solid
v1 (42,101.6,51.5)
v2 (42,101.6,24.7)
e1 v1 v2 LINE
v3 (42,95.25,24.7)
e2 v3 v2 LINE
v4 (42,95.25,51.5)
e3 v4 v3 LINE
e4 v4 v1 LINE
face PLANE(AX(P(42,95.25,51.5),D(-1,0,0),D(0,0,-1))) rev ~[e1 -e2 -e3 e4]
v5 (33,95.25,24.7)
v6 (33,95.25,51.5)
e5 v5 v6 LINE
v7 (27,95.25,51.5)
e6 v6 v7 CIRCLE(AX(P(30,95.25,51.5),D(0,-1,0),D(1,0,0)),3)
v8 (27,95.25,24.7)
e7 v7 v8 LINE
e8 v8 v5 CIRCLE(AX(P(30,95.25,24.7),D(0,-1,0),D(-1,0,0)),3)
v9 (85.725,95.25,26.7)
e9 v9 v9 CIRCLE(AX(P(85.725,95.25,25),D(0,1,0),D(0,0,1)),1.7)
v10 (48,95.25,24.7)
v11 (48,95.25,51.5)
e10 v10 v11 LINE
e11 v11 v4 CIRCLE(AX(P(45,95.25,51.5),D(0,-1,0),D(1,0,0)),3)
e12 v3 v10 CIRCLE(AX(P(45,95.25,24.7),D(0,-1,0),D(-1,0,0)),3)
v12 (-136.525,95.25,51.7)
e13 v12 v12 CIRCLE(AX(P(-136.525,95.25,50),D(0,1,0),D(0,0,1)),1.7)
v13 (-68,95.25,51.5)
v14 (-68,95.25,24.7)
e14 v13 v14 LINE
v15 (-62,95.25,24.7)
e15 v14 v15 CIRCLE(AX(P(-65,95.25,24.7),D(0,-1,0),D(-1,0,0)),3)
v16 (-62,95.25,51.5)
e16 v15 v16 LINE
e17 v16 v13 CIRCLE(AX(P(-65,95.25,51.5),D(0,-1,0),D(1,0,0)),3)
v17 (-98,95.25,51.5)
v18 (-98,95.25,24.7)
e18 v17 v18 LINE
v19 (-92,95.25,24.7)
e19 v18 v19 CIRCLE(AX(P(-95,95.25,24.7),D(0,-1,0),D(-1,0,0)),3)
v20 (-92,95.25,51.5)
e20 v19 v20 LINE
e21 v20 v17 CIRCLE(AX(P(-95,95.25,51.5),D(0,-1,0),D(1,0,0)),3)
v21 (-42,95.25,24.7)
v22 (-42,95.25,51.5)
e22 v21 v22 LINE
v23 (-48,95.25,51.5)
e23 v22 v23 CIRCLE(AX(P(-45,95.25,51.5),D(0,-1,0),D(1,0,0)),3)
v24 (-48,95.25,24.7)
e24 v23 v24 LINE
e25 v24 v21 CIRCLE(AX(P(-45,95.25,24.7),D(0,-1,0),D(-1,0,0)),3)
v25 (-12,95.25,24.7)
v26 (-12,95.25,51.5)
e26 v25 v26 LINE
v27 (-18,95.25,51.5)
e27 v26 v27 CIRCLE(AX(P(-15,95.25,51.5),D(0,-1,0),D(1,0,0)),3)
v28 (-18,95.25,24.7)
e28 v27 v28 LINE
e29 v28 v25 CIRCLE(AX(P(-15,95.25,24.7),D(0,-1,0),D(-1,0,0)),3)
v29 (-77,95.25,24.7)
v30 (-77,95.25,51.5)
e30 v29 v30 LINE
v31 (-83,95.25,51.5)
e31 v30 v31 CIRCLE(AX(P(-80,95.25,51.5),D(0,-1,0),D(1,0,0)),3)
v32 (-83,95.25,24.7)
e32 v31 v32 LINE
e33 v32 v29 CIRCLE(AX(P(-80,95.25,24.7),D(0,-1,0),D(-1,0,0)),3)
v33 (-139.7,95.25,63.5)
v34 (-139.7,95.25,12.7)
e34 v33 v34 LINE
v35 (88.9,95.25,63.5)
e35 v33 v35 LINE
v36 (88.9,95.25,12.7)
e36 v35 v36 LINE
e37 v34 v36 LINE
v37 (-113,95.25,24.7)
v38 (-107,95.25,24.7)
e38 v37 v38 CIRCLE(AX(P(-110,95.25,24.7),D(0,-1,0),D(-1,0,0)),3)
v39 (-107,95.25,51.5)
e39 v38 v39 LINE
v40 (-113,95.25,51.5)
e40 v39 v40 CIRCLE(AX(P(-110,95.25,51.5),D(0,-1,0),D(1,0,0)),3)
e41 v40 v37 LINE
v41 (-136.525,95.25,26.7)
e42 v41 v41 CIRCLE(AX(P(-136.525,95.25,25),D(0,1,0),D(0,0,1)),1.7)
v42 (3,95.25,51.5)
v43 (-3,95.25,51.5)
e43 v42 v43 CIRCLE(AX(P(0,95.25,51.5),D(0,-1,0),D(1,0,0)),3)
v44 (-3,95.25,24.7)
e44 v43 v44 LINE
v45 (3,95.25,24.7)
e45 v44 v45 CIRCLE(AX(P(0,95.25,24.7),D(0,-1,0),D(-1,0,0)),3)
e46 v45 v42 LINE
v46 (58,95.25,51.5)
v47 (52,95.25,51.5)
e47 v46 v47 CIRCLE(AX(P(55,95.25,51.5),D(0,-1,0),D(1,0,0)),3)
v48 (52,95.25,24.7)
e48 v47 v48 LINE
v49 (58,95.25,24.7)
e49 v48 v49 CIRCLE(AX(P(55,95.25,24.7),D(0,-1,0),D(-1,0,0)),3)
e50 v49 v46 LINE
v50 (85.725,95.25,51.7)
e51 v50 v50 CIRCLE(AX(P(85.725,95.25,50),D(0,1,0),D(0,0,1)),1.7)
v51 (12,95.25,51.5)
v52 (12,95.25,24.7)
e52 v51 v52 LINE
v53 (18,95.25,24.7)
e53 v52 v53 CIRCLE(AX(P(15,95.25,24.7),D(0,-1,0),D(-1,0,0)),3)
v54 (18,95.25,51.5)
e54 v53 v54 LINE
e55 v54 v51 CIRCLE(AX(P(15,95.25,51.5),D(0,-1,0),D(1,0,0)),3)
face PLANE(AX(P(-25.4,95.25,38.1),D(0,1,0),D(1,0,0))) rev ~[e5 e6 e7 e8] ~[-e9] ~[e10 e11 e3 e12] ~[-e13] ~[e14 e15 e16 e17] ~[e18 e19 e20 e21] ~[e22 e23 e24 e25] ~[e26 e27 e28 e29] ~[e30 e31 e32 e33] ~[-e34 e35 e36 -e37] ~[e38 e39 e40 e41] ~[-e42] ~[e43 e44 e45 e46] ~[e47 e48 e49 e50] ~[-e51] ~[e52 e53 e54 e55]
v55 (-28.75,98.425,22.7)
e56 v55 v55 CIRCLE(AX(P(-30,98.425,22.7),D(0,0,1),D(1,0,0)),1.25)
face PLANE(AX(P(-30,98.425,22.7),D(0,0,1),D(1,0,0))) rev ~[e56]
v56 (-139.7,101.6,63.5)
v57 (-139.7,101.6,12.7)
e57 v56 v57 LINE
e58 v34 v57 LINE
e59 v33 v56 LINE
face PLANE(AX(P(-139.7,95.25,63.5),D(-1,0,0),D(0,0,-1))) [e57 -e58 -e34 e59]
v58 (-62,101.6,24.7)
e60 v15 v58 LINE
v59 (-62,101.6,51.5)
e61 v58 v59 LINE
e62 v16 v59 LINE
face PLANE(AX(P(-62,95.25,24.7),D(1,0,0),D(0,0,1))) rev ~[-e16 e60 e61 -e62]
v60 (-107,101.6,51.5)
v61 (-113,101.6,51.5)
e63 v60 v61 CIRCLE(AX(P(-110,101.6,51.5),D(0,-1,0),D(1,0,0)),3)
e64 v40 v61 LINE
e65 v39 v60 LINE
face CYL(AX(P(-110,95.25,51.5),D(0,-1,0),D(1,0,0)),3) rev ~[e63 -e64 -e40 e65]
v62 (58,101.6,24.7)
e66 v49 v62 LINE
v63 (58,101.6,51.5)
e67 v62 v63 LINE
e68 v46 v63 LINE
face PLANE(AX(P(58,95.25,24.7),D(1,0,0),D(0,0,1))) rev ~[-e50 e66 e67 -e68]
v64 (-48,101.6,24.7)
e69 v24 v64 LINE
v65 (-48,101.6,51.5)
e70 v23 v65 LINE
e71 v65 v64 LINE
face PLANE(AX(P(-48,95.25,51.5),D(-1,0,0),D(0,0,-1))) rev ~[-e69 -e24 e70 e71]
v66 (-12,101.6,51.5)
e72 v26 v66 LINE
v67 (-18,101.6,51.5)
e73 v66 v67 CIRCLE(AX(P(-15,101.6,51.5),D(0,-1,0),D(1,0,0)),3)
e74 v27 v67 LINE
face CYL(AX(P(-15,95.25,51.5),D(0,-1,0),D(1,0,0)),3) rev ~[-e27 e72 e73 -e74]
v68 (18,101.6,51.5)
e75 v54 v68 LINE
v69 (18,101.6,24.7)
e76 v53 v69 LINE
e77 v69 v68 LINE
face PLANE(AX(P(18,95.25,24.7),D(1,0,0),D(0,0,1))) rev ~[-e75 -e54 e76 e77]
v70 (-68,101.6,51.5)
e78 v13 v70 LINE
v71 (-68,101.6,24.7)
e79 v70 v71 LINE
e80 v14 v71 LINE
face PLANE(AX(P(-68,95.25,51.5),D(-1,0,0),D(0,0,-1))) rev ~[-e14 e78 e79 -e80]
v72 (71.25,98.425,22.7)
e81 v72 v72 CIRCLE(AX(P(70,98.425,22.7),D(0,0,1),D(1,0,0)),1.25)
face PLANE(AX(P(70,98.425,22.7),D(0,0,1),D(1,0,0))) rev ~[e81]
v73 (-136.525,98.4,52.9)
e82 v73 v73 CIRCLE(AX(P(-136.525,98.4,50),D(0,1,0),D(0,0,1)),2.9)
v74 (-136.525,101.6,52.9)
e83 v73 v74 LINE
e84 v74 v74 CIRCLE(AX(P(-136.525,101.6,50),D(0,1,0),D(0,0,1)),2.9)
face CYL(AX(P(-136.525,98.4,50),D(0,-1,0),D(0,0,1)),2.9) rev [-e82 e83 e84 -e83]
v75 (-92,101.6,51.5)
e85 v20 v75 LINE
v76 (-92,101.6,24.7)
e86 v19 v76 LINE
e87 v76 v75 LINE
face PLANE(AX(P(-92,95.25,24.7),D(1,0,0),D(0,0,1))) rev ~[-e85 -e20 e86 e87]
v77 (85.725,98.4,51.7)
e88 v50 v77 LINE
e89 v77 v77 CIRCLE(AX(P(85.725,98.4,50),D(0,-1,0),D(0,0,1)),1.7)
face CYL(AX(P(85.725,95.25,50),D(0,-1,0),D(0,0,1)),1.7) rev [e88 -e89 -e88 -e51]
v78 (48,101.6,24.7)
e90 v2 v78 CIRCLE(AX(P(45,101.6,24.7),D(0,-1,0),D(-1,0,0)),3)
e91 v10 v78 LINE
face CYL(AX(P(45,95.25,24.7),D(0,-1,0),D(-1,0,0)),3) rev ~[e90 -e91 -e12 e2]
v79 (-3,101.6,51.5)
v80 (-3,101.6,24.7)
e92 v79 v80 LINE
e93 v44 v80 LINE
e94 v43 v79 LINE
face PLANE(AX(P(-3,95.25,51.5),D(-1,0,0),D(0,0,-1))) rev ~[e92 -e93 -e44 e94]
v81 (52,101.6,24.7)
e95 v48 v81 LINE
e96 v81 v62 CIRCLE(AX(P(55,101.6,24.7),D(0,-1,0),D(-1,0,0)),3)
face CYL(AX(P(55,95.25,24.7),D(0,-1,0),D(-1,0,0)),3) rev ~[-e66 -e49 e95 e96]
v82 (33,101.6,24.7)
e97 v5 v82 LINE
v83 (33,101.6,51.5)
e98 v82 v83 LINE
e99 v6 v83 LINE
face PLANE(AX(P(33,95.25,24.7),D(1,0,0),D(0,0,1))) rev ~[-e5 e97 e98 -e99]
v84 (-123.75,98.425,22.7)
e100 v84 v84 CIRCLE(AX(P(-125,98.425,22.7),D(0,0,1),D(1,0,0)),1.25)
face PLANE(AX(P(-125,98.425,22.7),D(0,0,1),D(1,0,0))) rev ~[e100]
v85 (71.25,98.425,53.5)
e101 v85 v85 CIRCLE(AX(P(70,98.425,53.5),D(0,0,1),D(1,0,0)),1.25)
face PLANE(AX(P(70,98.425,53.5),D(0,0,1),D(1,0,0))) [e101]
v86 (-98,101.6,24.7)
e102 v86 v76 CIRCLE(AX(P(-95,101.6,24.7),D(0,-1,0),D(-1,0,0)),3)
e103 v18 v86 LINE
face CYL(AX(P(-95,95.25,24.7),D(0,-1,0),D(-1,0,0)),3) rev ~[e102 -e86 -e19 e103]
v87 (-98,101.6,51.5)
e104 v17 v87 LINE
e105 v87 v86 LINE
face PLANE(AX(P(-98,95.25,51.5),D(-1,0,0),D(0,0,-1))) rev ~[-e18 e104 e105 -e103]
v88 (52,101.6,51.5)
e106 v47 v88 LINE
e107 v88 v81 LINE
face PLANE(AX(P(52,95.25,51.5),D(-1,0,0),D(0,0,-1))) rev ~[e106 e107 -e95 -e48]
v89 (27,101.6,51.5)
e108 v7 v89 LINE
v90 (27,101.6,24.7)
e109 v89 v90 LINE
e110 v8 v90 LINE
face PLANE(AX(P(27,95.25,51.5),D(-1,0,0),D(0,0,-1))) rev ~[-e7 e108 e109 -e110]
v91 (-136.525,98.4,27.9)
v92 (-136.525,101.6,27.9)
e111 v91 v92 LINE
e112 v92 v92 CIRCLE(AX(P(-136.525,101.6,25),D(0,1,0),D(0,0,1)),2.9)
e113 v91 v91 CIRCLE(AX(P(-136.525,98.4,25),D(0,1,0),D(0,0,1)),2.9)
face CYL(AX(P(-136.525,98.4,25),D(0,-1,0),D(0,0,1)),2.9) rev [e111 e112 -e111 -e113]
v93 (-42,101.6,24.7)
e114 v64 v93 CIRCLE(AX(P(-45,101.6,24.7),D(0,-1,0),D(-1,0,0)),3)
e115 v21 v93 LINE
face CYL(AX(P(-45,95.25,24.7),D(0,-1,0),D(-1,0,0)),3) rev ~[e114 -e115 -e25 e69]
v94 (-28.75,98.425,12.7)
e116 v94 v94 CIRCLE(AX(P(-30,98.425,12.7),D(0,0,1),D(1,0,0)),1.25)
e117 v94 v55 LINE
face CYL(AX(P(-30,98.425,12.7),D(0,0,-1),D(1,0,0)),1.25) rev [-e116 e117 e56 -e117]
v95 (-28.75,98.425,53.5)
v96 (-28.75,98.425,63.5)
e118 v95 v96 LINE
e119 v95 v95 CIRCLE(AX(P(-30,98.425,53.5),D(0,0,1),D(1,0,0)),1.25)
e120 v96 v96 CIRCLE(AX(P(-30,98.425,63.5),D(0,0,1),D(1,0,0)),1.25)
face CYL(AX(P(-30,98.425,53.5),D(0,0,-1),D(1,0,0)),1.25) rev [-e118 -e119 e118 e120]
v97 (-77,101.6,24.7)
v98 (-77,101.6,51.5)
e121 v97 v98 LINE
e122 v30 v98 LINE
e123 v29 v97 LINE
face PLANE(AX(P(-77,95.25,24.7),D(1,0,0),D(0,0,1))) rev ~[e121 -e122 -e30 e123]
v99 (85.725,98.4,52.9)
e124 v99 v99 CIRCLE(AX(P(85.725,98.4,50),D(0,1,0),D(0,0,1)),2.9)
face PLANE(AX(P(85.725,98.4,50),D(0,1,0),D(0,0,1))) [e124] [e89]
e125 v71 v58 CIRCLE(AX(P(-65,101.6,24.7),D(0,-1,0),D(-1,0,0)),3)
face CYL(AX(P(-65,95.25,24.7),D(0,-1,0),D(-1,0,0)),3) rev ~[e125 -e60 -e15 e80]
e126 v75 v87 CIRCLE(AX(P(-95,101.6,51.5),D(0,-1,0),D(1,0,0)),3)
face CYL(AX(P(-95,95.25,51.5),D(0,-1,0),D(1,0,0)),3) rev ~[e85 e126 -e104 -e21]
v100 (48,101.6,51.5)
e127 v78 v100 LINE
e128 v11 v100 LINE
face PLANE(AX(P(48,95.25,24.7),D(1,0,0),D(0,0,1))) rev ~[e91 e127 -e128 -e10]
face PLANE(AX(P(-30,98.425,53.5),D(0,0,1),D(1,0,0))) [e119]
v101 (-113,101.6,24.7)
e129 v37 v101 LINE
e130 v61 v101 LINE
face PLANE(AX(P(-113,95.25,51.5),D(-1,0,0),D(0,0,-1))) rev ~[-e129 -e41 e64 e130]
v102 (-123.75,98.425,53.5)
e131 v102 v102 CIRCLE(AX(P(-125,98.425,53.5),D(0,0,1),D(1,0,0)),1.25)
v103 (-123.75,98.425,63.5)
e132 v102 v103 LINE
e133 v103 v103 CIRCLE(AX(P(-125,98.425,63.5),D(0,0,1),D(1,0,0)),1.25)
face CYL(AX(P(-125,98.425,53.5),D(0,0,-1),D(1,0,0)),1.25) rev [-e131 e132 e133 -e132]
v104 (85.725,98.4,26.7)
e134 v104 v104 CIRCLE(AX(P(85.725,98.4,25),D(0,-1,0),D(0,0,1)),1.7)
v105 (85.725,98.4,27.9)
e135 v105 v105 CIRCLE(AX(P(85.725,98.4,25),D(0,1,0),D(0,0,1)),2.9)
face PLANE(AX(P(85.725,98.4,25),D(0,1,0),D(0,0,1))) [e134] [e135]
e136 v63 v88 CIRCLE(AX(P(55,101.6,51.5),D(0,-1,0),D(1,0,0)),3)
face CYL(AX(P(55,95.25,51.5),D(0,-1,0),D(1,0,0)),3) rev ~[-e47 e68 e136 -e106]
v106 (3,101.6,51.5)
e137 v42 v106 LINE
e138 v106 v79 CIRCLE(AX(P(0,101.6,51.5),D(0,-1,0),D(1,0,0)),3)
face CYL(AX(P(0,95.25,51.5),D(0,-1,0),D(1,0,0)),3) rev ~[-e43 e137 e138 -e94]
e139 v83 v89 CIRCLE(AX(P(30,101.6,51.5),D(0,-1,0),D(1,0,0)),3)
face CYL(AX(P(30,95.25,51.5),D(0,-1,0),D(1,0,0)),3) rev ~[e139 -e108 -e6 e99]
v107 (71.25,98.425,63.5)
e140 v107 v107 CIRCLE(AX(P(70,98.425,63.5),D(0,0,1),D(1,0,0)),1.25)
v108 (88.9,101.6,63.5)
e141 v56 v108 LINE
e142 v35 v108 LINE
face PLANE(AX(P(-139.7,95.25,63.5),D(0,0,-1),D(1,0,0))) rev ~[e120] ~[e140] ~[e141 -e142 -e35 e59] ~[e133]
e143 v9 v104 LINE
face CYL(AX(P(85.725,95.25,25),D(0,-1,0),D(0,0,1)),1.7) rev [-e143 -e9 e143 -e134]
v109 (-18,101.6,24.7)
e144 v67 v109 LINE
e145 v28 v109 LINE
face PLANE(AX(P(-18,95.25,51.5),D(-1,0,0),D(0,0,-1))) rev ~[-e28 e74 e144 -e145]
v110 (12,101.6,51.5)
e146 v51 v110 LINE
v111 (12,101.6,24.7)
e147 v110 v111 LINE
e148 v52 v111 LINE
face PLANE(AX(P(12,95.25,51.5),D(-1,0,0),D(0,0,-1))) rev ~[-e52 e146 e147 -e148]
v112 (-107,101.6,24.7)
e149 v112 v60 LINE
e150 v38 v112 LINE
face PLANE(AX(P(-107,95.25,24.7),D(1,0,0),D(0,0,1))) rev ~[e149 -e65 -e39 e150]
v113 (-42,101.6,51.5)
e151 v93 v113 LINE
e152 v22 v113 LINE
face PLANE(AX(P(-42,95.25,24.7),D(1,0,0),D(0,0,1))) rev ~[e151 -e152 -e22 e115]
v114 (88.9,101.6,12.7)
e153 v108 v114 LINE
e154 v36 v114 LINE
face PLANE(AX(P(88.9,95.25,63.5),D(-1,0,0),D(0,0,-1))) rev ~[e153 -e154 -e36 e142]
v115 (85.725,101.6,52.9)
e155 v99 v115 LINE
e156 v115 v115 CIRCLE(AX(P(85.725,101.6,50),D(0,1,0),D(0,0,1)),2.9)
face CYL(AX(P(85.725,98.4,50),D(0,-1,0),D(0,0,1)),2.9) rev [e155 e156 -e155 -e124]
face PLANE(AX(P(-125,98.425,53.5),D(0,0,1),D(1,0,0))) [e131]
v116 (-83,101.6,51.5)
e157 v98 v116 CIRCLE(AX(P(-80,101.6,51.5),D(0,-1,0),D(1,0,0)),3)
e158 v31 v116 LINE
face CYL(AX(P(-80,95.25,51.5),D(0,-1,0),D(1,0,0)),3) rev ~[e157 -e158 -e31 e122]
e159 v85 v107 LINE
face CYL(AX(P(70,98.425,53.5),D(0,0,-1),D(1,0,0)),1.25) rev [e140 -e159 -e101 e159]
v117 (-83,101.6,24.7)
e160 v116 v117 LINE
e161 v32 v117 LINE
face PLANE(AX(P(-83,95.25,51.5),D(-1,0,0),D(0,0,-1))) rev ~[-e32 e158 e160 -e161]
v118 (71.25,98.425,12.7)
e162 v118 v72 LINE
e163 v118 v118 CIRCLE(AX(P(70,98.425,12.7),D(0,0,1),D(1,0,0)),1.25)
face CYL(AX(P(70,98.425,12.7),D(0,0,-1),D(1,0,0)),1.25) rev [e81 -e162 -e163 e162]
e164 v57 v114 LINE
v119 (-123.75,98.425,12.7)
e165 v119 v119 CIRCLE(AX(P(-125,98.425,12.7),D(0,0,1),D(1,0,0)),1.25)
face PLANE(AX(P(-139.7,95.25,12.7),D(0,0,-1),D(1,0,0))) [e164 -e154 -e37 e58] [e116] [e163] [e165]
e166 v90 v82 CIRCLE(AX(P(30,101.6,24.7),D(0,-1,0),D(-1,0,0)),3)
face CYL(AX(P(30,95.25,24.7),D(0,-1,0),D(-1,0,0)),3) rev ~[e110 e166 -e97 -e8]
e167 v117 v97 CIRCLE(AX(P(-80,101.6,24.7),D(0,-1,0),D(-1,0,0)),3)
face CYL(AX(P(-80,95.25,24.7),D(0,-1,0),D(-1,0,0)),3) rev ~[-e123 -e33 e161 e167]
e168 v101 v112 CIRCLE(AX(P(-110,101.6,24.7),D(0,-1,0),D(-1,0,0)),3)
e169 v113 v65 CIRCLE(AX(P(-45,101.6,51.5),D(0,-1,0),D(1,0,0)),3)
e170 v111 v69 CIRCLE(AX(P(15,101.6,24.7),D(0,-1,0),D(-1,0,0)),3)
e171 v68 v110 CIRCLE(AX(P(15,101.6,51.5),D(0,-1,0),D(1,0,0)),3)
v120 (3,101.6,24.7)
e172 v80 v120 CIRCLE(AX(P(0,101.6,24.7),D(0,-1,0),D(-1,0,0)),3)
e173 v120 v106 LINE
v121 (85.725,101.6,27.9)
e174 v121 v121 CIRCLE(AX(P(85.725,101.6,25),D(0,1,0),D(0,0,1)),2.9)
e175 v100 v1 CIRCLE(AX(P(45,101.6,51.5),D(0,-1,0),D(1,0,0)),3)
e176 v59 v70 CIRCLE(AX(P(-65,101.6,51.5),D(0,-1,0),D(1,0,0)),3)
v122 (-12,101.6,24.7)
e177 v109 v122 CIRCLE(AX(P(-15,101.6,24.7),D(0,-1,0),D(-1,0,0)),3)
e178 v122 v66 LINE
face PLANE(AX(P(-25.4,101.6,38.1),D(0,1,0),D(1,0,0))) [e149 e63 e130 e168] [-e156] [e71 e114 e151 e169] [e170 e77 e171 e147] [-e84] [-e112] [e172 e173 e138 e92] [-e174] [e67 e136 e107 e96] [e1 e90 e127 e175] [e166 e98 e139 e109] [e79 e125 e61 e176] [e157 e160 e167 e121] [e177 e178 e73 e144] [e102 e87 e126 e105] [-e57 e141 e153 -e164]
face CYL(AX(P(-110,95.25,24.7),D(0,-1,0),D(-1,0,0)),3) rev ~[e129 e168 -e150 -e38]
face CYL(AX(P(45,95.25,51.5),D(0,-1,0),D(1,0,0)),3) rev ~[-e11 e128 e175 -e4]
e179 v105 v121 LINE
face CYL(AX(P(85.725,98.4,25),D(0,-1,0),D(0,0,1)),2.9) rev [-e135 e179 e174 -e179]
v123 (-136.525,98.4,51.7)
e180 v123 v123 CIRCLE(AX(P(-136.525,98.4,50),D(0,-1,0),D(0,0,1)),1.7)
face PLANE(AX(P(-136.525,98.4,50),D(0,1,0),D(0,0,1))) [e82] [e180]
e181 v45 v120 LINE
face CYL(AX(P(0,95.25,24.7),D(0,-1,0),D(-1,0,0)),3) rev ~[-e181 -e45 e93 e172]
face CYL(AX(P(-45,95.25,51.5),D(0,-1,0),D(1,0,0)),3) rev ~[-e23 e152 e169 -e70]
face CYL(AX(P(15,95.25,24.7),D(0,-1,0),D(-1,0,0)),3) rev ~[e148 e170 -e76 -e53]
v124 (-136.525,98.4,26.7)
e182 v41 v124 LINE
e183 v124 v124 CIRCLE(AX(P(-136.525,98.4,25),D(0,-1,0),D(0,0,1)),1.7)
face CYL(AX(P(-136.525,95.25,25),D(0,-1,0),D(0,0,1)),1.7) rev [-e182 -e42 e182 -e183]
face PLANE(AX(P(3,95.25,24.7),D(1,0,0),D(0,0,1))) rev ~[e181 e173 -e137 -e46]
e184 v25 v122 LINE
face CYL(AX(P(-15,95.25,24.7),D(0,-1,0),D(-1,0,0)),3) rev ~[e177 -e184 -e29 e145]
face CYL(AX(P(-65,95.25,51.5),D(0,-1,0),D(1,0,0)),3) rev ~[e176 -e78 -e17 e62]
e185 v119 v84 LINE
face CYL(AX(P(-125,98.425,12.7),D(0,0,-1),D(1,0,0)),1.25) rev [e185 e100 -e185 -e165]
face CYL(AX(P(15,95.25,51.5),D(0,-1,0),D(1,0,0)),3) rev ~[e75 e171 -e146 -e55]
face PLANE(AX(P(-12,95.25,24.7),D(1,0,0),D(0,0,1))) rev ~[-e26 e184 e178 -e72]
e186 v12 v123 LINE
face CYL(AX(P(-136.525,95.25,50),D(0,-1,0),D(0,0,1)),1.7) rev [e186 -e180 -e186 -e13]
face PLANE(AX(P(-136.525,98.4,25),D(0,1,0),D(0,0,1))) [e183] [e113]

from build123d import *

# Parameters (mm, degrees)
PARED_Y_1_4IN_START          = 95.25
CROQUIS1_W                   = 228.6
CROQUIS1_H                   = 50.8
PARED_Y_1_4IN_DEPTH          = 6.35
ROSCA_M3_INFERIOR_START      = 12.7
CROQUIS2_R                   = 1.25
ROSCA_M3_INFERIOR_DEPTH      = 10
ROSCA_M3_SUPERIOR_START      = 53.5
CROQUIS3_R                   = 1.25
ROSCA_M3_SUPERIOR_DEPTH      = 10
BARRENOS_M3_ESQUINAS_START   = 95.25
CROQUIS4_R                   = 1.7
BARRENOS_M3_ESQUINAS_DEPTH   = 6.35
REFRENTADO_M3_ESQUINAS_START = 98.4
CROQUIS5_R                   = 2.9
REFRENTADO_M3_ESQUINAS_DEPTH = 3.2
RANURAS_VENTILACION_START    = 95.25
RANURAS_VENTILACION_DEPTH    = 6.35


with BuildPart() as part:
    # Croquis1 → Pared_+Y_1-4in (new body)
    with BuildSketch(Plane(origin=(0, 0, 0), x_dir=(1, 0, 0), z_dir=(0, 1, 0)).offset(PARED_Y_1_4IN_START)):
        with Locations((-25.4, -38.1)):
            Rectangle(CROQUIS1_W, CROQUIS1_H)
    extrude(amount=PARED_Y_1_4IN_DEPTH)

    # Croquis2 → Rosca_M3_inferior (cut)
    with BuildSketch(Plane.XY.offset(ROSCA_M3_INFERIOR_START)):
        with Locations((-125, 98.425)):
            Circle(CROQUIS2_R)
        with Locations((-30, 98.425)):
            Circle(CROQUIS2_R)
        with Locations((70, 98.425)):
            Circle(CROQUIS2_R)
    extrude(amount=ROSCA_M3_INFERIOR_DEPTH, mode=Mode.SUBTRACT)

    # Croquis3 → Rosca_M3_superior (cut)
    with BuildSketch(Plane.XY.offset(ROSCA_M3_SUPERIOR_START)):
        with Locations((-125, 98.425)):
            Circle(CROQUIS3_R)
        with Locations((-30, 98.425)):
            Circle(CROQUIS3_R)
        with Locations((70, 98.425)):
            Circle(CROQUIS3_R)
    extrude(amount=ROSCA_M3_SUPERIOR_DEPTH, mode=Mode.SUBTRACT)

    # Croquis4 → Barrenos_M3_esquinas (cut)
    with BuildSketch(Plane(origin=(0, 0, 0), x_dir=(1, 0, 0), z_dir=(0, 1, 0)).offset(BARRENOS_M3_ESQUINAS_START)):
        with Locations(Location((-136.525, -25, 0), (0, 0, 270))):
            Circle(CROQUIS4_R)
        with Locations(Location((-136.525, -50, 0), (0, 0, 270))):
            Circle(CROQUIS4_R)
        with Locations(Location((85.725, -25, 0), (0, 0, 270))):
            Circle(CROQUIS4_R)
        with Locations(Location((85.725, -50, 0), (0, 0, 270))):
            Circle(CROQUIS4_R)
    extrude(amount=BARRENOS_M3_ESQUINAS_DEPTH, mode=Mode.SUBTRACT)

    # Croquis5 → Refrentado_M3_esquinas (cut)
    with BuildSketch(Plane(origin=(0, 0, 0), x_dir=(1, 0, 0), z_dir=(0, 1, 0)).offset(REFRENTADO_M3_ESQUINAS_START)):
        with Locations(Location((-136.525, -25, 0), (0, 0, 270))):
            Circle(CROQUIS5_R)
        with Locations(Location((-136.525, -50, 0), (0, 0, 270))):
            Circle(CROQUIS5_R)
        with Locations(Location((85.725, -25, 0), (0, 0, 270))):
            Circle(CROQUIS5_R)
        with Locations(Location((85.725, -50, 0), (0, 0, 270))):
            Circle(CROQUIS5_R)
    extrude(amount=REFRENTADO_M3_ESQUINAS_DEPTH, mode=Mode.SUBTRACT)

    # Croquis6 → Ranuras_ventilacion (cut)
    with BuildSketch(Plane(origin=(0, 0, 0), x_dir=(1, 0, 0), z_dir=(0, 1, 0)).offset(RANURAS_VENTILACION_START)):
        with BuildLine():
            Line((-107, -24.7), (-107, -51.5))
            ThreePointArc((-107, -51.5), (-110, -54.5), (-113, -51.5))
            Line((-113, -51.5), (-113, -24.7))
            ThreePointArc((-113, -24.7), (-110, -21.7), (-107, -24.7))
        make_face()
        with BuildLine():
            Line((-92, -24.7), (-92, -51.5))
            ThreePointArc((-92, -51.5), (-95, -54.5), (-98, -51.5))
            Line((-98, -51.5), (-98, -24.7))
            ThreePointArc((-98, -24.7), (-95, -21.7), (-92, -24.7))
        make_face()
        with BuildLine():
            Line((-77, -24.7), (-77, -51.5))
            ThreePointArc((-77, -51.5), (-80, -54.5), (-83, -51.5))
            Line((-83, -51.5), (-83, -24.7))
            ThreePointArc((-83, -24.7), (-80, -21.7), (-77, -24.7))
        make_face()
        with BuildLine():
            Line((-62, -24.7), (-62, -51.5))
            ThreePointArc((-62, -51.5), (-65, -54.5), (-68, -51.5))
            Line((-68, -51.5), (-68, -24.7))
            ThreePointArc((-68, -24.7), (-65, -21.7), (-62, -24.7))
        make_face()
        with BuildLine():
            Line((-42, -24.7), (-42, -51.5))
            ThreePointArc((-42, -51.5), (-45, -54.5), (-48, -51.5))
            Line((-48, -51.5), (-48, -24.7))
            ThreePointArc((-48, -24.7), (-45, -21.7), (-42, -24.7))
        make_face()
        with BuildLine():
            Line((-12, -24.7), (-12, -51.5))
            ThreePointArc((-12, -51.5), (-15, -54.5), (-18, -51.5))
            Line((-18, -51.5), (-18, -24.7))
            ThreePointArc((-18, -24.7), (-15, -21.7), (-12, -24.7))
        make_face()
        with BuildLine():
            Line((3, -24.7), (3, -51.5))
            ThreePointArc((3, -51.5), (0, -54.5), (-3, -51.5))
            Line((-3, -51.5), (-3, -24.7))
            ThreePointArc((-3, -24.7), (0, -21.7), (3, -24.7))
        make_face()
        with BuildLine():
            Line((18, -24.7), (18, -51.5))
            ThreePointArc((18, -51.5), (15, -54.5), (12, -51.5))
            Line((12, -51.5), (12, -24.7))
            ThreePointArc((12, -24.7), (15, -21.7), (18, -24.7))
        make_face()
        with BuildLine():
            Line((33, -24.7), (33, -51.5))
            ThreePointArc((33, -51.5), (30, -54.5), (27, -51.5))
            Line((27, -51.5), (27, -24.7))
            ThreePointArc((27, -24.7), (30, -21.7), (33, -24.7))
        make_face()
        with BuildLine():
            Line((48, -24.7), (48, -51.5))
            ThreePointArc((48, -51.5), (45, -54.5), (42, -51.5))
            Line((42, -51.5), (42, -24.7))
            ThreePointArc((42, -24.7), (45, -21.7), (48, -24.7))
        make_face()
        with BuildLine():
            Line((58, -24.7), (58, -51.5))
            ThreePointArc((58, -51.5), (55, -54.5), (52, -51.5))
            Line((52, -51.5), (52, -24.7))
            ThreePointArc((52, -24.7), (55, -21.7), (58, -24.7))
        make_face()
    extrude(amount=RANURAS_VENTILACION_DEPTH, mode=Mode.SUBTRACT)


solid = part.part
